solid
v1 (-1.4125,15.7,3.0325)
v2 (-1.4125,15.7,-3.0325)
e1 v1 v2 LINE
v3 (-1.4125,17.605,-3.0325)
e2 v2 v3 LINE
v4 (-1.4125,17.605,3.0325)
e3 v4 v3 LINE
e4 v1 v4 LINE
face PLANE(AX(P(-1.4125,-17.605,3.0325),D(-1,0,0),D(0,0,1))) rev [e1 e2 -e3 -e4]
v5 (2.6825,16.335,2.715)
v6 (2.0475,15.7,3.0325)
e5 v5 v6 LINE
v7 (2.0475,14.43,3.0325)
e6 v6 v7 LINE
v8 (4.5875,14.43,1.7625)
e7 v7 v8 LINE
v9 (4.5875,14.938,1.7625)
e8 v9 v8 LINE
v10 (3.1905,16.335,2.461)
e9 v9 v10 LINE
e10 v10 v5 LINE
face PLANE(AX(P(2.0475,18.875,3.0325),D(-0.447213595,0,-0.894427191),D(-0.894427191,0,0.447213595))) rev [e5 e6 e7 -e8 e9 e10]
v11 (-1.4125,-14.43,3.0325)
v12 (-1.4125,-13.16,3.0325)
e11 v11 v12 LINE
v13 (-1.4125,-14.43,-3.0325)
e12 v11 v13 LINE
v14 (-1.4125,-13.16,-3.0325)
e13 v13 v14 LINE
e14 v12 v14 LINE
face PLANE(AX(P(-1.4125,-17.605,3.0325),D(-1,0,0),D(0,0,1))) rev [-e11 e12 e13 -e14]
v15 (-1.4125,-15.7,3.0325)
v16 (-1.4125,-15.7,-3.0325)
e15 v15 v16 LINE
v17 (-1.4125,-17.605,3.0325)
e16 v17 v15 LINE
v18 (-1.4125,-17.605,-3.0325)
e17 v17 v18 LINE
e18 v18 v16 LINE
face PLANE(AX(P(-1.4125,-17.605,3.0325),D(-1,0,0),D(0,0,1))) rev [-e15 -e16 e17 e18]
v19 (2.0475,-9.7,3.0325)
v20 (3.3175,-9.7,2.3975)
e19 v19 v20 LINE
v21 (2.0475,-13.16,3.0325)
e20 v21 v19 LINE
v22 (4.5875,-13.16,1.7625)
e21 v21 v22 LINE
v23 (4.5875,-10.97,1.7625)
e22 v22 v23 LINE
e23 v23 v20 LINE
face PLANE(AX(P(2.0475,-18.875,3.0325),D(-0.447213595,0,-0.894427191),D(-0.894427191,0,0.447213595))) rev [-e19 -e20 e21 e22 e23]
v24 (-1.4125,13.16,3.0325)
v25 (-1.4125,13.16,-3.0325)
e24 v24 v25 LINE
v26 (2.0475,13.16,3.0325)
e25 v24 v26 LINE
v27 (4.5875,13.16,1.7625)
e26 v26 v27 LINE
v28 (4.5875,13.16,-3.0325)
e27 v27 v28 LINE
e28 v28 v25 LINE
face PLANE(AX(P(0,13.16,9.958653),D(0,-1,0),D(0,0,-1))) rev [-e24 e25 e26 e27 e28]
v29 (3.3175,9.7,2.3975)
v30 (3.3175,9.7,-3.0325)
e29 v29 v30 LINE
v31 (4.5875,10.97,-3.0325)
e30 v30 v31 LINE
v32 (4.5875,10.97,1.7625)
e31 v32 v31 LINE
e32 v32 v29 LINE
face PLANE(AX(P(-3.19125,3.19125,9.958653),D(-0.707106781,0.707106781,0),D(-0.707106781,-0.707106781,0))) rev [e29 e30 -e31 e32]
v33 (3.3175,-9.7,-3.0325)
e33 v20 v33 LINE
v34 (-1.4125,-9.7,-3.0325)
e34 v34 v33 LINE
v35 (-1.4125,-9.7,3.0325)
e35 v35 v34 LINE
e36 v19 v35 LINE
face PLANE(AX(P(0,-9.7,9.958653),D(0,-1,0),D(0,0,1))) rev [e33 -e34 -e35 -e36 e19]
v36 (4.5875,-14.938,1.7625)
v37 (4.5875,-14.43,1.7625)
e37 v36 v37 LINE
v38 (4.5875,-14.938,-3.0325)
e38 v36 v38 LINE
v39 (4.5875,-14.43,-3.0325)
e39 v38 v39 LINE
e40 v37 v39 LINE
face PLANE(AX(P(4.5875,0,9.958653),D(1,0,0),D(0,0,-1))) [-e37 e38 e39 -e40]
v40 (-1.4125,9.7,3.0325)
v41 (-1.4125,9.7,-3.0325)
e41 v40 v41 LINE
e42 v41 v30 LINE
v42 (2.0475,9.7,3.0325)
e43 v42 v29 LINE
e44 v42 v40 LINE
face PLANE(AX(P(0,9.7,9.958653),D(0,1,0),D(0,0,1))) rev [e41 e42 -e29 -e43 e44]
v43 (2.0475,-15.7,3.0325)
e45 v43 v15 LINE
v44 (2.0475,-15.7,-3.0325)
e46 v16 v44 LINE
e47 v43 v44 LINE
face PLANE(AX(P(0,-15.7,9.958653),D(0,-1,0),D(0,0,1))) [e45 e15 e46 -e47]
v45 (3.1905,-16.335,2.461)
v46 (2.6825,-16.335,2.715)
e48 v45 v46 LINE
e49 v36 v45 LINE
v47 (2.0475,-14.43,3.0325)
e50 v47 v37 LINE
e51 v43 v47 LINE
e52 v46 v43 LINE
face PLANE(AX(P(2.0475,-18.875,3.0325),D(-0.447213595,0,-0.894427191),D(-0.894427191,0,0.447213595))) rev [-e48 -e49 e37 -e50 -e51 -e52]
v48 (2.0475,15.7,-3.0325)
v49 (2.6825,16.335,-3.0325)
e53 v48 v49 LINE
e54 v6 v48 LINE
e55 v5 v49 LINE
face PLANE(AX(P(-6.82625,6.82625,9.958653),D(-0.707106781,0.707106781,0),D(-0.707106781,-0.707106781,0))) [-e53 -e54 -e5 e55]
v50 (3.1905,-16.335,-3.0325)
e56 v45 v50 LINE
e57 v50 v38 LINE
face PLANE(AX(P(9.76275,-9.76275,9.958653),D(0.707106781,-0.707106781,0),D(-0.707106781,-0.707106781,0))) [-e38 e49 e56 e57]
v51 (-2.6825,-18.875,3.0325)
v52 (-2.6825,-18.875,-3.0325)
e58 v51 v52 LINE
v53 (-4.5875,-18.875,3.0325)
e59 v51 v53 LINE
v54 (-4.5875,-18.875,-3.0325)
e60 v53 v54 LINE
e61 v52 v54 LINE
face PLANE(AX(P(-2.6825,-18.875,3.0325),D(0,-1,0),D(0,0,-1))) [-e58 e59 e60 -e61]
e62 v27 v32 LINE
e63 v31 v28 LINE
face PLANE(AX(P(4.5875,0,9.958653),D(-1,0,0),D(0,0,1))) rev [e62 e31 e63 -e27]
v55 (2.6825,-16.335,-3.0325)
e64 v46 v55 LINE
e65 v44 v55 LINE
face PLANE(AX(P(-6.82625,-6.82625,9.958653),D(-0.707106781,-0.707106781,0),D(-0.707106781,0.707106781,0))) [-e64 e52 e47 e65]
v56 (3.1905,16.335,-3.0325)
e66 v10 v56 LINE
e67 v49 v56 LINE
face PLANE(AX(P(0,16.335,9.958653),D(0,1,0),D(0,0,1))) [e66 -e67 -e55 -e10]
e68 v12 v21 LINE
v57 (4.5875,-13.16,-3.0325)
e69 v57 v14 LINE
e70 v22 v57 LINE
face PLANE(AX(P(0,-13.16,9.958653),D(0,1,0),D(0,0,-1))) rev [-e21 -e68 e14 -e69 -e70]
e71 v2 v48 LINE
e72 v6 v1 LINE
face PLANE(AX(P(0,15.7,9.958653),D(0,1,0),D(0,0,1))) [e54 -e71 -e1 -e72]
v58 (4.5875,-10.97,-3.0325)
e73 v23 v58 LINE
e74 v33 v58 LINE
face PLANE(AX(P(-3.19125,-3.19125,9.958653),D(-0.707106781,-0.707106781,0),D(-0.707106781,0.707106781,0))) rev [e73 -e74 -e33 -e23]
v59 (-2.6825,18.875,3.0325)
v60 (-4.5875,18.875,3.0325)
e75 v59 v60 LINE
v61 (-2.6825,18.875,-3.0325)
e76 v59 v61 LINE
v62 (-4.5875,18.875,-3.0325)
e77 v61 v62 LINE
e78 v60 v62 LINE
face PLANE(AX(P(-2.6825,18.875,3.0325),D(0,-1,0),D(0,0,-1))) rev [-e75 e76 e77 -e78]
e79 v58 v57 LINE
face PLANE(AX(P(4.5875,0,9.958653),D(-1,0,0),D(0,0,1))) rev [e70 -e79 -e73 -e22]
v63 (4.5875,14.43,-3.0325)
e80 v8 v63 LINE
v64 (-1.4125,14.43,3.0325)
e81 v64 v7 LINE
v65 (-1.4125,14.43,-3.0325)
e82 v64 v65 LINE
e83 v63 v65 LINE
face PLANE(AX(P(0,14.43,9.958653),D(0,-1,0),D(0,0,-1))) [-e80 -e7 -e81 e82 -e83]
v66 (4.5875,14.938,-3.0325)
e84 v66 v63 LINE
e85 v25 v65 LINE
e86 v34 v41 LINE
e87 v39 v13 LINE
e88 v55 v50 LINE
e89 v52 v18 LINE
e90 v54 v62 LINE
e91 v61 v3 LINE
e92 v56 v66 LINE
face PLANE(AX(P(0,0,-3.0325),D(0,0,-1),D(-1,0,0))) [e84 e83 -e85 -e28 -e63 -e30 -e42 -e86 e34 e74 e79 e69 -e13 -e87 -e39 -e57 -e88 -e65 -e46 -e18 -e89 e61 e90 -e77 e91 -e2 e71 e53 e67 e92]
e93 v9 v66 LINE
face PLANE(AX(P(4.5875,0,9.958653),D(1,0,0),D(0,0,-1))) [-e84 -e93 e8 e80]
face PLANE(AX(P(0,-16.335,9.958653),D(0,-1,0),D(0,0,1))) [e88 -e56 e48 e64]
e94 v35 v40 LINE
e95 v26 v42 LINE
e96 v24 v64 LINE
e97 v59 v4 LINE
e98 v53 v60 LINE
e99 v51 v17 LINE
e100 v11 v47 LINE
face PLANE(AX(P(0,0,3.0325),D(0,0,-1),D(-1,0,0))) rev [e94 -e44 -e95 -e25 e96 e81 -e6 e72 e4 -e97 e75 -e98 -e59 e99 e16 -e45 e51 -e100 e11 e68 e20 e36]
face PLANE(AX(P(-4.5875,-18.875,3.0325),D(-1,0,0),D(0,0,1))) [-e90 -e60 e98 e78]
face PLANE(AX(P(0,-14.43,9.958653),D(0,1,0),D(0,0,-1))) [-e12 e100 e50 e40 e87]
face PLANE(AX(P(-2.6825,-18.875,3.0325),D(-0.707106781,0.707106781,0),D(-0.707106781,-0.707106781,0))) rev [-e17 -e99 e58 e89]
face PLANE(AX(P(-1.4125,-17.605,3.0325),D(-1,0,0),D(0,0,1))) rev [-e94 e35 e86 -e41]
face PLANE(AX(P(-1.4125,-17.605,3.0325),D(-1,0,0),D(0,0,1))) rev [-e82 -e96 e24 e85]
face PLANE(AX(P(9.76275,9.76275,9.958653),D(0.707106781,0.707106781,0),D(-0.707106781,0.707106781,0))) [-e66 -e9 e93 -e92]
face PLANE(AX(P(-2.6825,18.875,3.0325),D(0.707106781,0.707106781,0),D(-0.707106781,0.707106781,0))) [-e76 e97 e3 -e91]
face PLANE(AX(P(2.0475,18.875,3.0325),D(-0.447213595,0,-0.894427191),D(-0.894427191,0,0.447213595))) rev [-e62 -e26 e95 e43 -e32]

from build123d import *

# Parameters (mm, degrees)
BOSS_EXTRUDE1_DEPTH             = 3.032500031
BOSS_EXTRUDE2_REACH             = 21.66
BOSS_EXTRUDE2_DIRECTION_2_REACH = 21.66
CUT_EXTRUDE1_DEPTH              = 30.099344278


with BuildPart() as part:
    # Sketch1 → Boss-Extrude1 (new, symmetric)
    with BuildSketch(Plane.XY):
        Polygon((-2.682499969, -18.875), (-4.587499969, -18.875), (-4.587499969, 18.875), (-2.682499969, 18.875), (-1.412499969, 17.605), (-1.412499969, -17.605), align=None)
    extrude(amount=BOSS_EXTRUDE1_DEPTH, both=True)

    # Boss-Extrude2: up to this face of the body (flat: up to its plane)
    boss_extrude2_end = Plane(part.part.faces().sort_by_distance((-3.0158798, 0, 3.032500031))[0])
    # Sketch1<3> → Boss-Extrude2 (add, up to the picked face)
    with BuildSketch(Plane.XY, mode=Mode.PRIVATE) as boss_extrude2_sk1:
        Polygon((-1.412499969, 13.16), (-1.412499969, 9.7), (3.317499969, 9.7), (4.587499969, 10.97), (4.587499969, 13.16), align=None)
    boss_extrude2_tool1 = split(extrude(boss_extrude2_sk1.sketch, amount=BOSS_EXTRUDE2_REACH, mode=Mode.PRIVATE), bisect_by=boss_extrude2_end, keep=Keep.BOTH, mode=Mode.PRIVATE)
    # Sketch1<3> → Boss-Extrude2 (add, up to the picked face)
    with BuildSketch(Plane.XY, mode=Mode.PRIVATE) as boss_extrude2_sk2:
        Polygon((-1.412499969, 15.7), (-1.412499969, 14.43), (4.587499969, 14.43), (4.587499969, 14.938), (3.190499969, 16.335), (2.682499969, 16.335), (2.047499969, 15.7), align=None)
    boss_extrude2_tool2 = split(extrude(boss_extrude2_sk2.sketch, amount=BOSS_EXTRUDE2_REACH, mode=Mode.PRIVATE), bisect_by=boss_extrude2_end, keep=Keep.BOTH, mode=Mode.PRIVATE)
    add(boss_extrude2_tool1.solids().sort_by(Axis((1.48336, 11.482811, 0), (0, 0, 1)))[0])
    add(boss_extrude2_tool2.solids().sort_by(Axis((1.610079, 15.131792, 0), (0, 0, 1)))[0])

    # Boss-Extrude2 direction 2: up to this face of the body (flat: up to its plane)
    boss_extrude2_direction_2_end = Plane(part.part.faces().sort_by_distance((-3.0158798, 0, -3.032500031))[0])
    # Sketch1<3> → Boss-Extrude2 direction 2 (add, up to the picked face)
    with BuildSketch(Plane.XY, mode=Mode.PRIVATE) as boss_extrude2_direction_2_sk1:
        Polygon((-1.412499969, 13.16), (-1.412499969, 9.7), (3.317499969, 9.7), (4.587499969, 10.97), (4.587499969, 13.16), align=None)
    boss_extrude2_direction_2_tool1 = split(extrude(boss_extrude2_direction_2_sk1.sketch, amount=-BOSS_EXTRUDE2_DIRECTION_2_REACH, mode=Mode.PRIVATE), bisect_by=boss_extrude2_direction_2_end, keep=Keep.BOTH, mode=Mode.PRIVATE)
    # Sketch1<3> → Boss-Extrude2 direction 2 (add, up to the picked face)
    with BuildSketch(Plane.XY, mode=Mode.PRIVATE) as boss_extrude2_direction_2_sk2:
        Polygon((-1.412499969, 15.7), (-1.412499969, 14.43), (4.587499969, 14.43), (4.587499969, 14.938), (3.190499969, 16.335), (2.682499969, 16.335), (2.047499969, 15.7), align=None)
    boss_extrude2_direction_2_tool2 = split(extrude(boss_extrude2_direction_2_sk2.sketch, amount=-BOSS_EXTRUDE2_DIRECTION_2_REACH, mode=Mode.PRIVATE), bisect_by=boss_extrude2_direction_2_end, keep=Keep.BOTH, mode=Mode.PRIVATE)
    add(boss_extrude2_direction_2_tool1.solids().sort_by(Axis((1.48336, 11.482811, 0), (0, 0, -1)))[0])
    add(boss_extrude2_direction_2_tool2.solids().sort_by(Axis((1.610079, 15.131792, 0), (0, 0, -1)))[0])

    # Sketch2 → Cut-Extrude1 (cut, through all)
    with BuildSketch(Plane.XZ.offset(-9.7)):
        Polygon((2.047499969, 3.032500031), (4.587499969, 1.762500031), (4.587499969, 3.032500031), align=None)
    extrude(amount=-CUT_EXTRUDE1_DEPTH, mode=Mode.SUBTRACT)

    # Mirror2: part across plane


with BuildPart() as part_1:
    add(part.part)
    add(part.part.mirror(Plane.ZX))


solid = part_1.part
